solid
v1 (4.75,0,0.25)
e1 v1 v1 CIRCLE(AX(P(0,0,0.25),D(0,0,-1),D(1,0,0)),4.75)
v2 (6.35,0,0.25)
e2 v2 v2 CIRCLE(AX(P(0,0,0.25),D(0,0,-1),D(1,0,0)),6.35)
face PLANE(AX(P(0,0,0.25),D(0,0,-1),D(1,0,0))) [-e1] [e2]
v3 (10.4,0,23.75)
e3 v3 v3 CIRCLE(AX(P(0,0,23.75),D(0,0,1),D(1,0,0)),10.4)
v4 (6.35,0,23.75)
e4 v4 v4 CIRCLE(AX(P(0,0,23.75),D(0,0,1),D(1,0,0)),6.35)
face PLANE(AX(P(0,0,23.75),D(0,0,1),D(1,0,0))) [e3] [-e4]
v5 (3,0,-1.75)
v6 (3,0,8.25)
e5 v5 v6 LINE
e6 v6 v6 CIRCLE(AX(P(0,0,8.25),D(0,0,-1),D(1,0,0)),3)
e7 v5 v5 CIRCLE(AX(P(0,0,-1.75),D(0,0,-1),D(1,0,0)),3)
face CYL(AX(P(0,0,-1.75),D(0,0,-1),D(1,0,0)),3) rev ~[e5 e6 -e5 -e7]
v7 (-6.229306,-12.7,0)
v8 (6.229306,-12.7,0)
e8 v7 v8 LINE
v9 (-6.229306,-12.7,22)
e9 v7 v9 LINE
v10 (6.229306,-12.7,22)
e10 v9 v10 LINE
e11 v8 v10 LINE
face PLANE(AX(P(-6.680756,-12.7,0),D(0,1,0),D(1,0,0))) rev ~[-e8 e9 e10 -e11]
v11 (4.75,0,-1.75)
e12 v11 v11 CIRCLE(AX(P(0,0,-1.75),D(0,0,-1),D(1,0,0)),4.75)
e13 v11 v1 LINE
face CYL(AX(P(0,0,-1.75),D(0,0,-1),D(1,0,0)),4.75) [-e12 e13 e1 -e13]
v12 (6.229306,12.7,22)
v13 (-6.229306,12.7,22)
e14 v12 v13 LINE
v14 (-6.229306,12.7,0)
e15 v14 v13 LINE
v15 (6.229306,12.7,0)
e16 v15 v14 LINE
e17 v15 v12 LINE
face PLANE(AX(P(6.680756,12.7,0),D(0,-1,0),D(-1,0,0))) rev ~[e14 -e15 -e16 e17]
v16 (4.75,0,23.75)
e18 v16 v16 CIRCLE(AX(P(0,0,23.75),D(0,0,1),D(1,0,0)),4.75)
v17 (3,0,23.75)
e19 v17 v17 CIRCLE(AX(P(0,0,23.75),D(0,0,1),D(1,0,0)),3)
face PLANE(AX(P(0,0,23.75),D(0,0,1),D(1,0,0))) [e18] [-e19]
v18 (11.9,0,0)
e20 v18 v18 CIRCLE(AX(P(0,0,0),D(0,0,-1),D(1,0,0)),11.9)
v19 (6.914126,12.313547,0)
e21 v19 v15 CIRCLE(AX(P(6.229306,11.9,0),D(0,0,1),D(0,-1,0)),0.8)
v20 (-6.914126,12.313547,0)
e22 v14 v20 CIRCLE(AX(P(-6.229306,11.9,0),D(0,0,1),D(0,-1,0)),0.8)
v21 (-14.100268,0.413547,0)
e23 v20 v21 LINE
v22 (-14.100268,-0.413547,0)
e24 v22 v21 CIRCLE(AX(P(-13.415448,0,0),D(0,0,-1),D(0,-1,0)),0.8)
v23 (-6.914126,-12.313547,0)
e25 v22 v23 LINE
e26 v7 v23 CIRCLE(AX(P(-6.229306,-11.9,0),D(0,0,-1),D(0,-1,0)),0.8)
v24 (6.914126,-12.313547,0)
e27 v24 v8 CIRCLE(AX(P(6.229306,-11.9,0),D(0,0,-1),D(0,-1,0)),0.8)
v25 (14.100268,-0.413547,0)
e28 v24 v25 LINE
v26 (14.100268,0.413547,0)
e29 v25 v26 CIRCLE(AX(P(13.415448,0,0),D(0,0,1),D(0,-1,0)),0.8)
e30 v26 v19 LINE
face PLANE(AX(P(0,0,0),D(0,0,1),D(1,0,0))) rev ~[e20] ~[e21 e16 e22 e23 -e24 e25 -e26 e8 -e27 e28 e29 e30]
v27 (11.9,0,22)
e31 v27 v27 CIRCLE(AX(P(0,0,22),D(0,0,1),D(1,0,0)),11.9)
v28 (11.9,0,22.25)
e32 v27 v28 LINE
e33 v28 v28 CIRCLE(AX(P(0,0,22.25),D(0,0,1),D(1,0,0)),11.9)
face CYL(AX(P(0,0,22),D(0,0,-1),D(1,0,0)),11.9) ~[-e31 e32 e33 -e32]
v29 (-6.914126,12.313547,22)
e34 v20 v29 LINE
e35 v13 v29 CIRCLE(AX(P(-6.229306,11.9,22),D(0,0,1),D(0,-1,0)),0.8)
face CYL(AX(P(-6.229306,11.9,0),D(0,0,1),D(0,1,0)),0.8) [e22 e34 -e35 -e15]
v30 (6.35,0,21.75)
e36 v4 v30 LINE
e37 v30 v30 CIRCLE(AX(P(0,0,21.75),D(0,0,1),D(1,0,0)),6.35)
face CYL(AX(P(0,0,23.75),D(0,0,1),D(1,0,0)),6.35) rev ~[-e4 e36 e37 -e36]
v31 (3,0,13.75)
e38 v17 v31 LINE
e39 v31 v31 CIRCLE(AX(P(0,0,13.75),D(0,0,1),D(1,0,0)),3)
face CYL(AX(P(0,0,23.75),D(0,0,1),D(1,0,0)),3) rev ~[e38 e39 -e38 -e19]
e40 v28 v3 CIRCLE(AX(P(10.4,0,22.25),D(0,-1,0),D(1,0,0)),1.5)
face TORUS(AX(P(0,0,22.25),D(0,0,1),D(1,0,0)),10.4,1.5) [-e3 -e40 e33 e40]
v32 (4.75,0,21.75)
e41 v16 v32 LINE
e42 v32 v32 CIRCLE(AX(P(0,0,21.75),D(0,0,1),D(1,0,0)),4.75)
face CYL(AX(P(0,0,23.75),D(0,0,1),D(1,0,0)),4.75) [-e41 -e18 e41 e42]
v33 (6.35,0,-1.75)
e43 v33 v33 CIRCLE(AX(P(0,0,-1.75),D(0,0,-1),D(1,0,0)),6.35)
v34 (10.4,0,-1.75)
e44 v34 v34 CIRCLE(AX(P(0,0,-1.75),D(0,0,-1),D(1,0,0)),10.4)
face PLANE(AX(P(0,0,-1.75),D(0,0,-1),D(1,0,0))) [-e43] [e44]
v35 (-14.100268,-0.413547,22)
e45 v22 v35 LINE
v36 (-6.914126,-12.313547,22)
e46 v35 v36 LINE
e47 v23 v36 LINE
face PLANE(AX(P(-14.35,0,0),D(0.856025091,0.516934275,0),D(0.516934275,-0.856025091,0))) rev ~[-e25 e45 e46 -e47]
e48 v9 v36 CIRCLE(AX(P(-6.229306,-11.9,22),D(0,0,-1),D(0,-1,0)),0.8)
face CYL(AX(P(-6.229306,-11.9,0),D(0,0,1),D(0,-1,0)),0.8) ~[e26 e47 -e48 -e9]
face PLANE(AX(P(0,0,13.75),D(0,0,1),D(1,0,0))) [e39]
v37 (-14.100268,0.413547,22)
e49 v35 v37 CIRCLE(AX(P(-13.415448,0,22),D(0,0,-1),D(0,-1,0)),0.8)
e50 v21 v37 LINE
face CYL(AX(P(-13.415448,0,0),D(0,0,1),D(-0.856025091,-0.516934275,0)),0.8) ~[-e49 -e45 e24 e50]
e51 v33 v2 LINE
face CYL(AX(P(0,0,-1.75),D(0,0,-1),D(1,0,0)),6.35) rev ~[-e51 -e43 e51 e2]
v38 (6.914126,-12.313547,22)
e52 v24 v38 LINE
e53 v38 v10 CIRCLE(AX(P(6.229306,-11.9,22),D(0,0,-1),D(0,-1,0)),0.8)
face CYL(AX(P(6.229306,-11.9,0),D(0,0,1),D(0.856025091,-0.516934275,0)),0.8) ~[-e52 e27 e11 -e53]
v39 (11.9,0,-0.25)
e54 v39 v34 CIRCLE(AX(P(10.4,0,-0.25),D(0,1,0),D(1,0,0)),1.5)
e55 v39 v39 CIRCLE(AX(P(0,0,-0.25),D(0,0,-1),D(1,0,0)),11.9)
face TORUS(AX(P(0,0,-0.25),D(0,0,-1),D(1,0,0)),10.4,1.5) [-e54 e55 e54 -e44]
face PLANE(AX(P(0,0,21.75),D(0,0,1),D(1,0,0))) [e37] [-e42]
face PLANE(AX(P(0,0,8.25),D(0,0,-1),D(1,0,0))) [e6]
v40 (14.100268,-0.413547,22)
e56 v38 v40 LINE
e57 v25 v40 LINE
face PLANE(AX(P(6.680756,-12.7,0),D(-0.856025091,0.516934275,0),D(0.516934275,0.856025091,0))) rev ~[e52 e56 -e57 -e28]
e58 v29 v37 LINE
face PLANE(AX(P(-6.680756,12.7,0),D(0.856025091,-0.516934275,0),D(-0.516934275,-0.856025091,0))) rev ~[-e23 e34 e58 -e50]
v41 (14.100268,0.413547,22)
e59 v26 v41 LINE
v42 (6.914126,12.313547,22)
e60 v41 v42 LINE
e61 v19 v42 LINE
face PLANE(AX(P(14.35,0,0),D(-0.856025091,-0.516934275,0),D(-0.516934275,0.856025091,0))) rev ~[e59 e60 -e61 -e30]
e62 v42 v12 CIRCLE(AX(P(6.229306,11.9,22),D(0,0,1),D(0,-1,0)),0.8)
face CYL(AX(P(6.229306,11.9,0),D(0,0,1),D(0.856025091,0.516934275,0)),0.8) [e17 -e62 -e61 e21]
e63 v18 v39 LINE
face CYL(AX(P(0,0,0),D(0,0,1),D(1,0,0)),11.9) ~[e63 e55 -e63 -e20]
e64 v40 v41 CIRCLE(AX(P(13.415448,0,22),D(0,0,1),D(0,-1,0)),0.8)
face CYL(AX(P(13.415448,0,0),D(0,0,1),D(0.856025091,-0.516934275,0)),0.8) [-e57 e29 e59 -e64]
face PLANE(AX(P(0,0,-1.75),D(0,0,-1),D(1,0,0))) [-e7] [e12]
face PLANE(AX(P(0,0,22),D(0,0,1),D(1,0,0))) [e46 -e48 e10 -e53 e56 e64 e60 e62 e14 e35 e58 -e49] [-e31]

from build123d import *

# Parameters (mm, degrees)
F1_DEPTH  = 22
F2_R      = 11.9
F3_DEPTH  = 1.75
F4_R      = 11.9
F5_DEPTH  = 1.75
F6_R      = 6.35
F6_R_2    = 4.75
F8_DEPTH  = 2
F7_R      = 6.35
F7_R_2    = 4.75
F9_DEPTH  = 2
F7_R_3    = 3
F10_DEPTH = 10
F6_R_3    = 3
F11_DEPTH = 10
F12_R     = 1.5
F13_R     = 0.8


with BuildPart() as f1:
    # F0 (on Top) → F1 (new body)
    with BuildSketch(Plane.XY):
        Polygon((6.680756, -12.7), (14.35, 0), (6.680756, 12.7), (-6.680756, 12.7), (-14.35, 0), (-6.680756, -12.7), align=None)
    extrude(amount=F1_DEPTH)

    # F2 (on face) → F3 (join)
    with BuildSketch(Plane.XY.offset(22)):
        Circle(F2_R)
    extrude(amount=F3_DEPTH)

    # F4 (on face) → F5 (join)
    with BuildSketch(Plane(origin=(0, 0, 0), x_dir=(1, 0, 0), z_dir=(0, 0, -1))):
        Circle(F4_R)
    extrude(amount=F5_DEPTH)

    # F6 (on face) → F8 (cut)
    with BuildSketch(Plane.XY.offset(23.75)):
        Circle(F6_R)
        Circle(F6_R_2, mode=Mode.SUBTRACT)
    extrude(amount=-F8_DEPTH, mode=Mode.SUBTRACT)

    # F7 (on face) → F9 (cut)
    with BuildSketch(Plane(origin=(0, 0, -1.75), x_dir=(1, 0, 0), z_dir=(0, 0, -1))):
        Circle(F7_R)
        Circle(F7_R_2, mode=Mode.SUBTRACT)
    extrude(amount=-F9_DEPTH, mode=Mode.SUBTRACT)

    # F7 (on face) → F10 (cut)
    with BuildSketch(Plane(origin=(0, 0, -1.75), x_dir=(1, 0, 0), z_dir=(0, 0, -1))):
        Circle(F7_R_3)
    extrude(amount=-F10_DEPTH, mode=Mode.SUBTRACT)

    # F6 (on face) → F11 (cut)
    with BuildSketch(Plane.XY.offset(23.75)):
        Circle(F6_R_3)
    extrude(amount=-F11_DEPTH, mode=Mode.SUBTRACT)

    # F12
    f12_edges = [f1.edges().sort_by_distance(p)[0] for p in [
        (-11.9, 0, 23.75),
        (-11.9, 0, -1.75),
    ]]
    fillet(f12_edges, radius=F12_R)

    # F13
    f13_edges = [f1.edges().sort_by_distance(p)[0] for p in [
        (-6.680756, 12.7, 11),
        (6.680756, 12.7, 11),
        (14.35, 0, 11),
        (6.680756, -12.7, 11),
        (-6.680756, -12.7, 11),
        (-14.35, 0, 11),
    ]]
    fillet(f13_edges, radius=F13_R)


solid = f1.part
